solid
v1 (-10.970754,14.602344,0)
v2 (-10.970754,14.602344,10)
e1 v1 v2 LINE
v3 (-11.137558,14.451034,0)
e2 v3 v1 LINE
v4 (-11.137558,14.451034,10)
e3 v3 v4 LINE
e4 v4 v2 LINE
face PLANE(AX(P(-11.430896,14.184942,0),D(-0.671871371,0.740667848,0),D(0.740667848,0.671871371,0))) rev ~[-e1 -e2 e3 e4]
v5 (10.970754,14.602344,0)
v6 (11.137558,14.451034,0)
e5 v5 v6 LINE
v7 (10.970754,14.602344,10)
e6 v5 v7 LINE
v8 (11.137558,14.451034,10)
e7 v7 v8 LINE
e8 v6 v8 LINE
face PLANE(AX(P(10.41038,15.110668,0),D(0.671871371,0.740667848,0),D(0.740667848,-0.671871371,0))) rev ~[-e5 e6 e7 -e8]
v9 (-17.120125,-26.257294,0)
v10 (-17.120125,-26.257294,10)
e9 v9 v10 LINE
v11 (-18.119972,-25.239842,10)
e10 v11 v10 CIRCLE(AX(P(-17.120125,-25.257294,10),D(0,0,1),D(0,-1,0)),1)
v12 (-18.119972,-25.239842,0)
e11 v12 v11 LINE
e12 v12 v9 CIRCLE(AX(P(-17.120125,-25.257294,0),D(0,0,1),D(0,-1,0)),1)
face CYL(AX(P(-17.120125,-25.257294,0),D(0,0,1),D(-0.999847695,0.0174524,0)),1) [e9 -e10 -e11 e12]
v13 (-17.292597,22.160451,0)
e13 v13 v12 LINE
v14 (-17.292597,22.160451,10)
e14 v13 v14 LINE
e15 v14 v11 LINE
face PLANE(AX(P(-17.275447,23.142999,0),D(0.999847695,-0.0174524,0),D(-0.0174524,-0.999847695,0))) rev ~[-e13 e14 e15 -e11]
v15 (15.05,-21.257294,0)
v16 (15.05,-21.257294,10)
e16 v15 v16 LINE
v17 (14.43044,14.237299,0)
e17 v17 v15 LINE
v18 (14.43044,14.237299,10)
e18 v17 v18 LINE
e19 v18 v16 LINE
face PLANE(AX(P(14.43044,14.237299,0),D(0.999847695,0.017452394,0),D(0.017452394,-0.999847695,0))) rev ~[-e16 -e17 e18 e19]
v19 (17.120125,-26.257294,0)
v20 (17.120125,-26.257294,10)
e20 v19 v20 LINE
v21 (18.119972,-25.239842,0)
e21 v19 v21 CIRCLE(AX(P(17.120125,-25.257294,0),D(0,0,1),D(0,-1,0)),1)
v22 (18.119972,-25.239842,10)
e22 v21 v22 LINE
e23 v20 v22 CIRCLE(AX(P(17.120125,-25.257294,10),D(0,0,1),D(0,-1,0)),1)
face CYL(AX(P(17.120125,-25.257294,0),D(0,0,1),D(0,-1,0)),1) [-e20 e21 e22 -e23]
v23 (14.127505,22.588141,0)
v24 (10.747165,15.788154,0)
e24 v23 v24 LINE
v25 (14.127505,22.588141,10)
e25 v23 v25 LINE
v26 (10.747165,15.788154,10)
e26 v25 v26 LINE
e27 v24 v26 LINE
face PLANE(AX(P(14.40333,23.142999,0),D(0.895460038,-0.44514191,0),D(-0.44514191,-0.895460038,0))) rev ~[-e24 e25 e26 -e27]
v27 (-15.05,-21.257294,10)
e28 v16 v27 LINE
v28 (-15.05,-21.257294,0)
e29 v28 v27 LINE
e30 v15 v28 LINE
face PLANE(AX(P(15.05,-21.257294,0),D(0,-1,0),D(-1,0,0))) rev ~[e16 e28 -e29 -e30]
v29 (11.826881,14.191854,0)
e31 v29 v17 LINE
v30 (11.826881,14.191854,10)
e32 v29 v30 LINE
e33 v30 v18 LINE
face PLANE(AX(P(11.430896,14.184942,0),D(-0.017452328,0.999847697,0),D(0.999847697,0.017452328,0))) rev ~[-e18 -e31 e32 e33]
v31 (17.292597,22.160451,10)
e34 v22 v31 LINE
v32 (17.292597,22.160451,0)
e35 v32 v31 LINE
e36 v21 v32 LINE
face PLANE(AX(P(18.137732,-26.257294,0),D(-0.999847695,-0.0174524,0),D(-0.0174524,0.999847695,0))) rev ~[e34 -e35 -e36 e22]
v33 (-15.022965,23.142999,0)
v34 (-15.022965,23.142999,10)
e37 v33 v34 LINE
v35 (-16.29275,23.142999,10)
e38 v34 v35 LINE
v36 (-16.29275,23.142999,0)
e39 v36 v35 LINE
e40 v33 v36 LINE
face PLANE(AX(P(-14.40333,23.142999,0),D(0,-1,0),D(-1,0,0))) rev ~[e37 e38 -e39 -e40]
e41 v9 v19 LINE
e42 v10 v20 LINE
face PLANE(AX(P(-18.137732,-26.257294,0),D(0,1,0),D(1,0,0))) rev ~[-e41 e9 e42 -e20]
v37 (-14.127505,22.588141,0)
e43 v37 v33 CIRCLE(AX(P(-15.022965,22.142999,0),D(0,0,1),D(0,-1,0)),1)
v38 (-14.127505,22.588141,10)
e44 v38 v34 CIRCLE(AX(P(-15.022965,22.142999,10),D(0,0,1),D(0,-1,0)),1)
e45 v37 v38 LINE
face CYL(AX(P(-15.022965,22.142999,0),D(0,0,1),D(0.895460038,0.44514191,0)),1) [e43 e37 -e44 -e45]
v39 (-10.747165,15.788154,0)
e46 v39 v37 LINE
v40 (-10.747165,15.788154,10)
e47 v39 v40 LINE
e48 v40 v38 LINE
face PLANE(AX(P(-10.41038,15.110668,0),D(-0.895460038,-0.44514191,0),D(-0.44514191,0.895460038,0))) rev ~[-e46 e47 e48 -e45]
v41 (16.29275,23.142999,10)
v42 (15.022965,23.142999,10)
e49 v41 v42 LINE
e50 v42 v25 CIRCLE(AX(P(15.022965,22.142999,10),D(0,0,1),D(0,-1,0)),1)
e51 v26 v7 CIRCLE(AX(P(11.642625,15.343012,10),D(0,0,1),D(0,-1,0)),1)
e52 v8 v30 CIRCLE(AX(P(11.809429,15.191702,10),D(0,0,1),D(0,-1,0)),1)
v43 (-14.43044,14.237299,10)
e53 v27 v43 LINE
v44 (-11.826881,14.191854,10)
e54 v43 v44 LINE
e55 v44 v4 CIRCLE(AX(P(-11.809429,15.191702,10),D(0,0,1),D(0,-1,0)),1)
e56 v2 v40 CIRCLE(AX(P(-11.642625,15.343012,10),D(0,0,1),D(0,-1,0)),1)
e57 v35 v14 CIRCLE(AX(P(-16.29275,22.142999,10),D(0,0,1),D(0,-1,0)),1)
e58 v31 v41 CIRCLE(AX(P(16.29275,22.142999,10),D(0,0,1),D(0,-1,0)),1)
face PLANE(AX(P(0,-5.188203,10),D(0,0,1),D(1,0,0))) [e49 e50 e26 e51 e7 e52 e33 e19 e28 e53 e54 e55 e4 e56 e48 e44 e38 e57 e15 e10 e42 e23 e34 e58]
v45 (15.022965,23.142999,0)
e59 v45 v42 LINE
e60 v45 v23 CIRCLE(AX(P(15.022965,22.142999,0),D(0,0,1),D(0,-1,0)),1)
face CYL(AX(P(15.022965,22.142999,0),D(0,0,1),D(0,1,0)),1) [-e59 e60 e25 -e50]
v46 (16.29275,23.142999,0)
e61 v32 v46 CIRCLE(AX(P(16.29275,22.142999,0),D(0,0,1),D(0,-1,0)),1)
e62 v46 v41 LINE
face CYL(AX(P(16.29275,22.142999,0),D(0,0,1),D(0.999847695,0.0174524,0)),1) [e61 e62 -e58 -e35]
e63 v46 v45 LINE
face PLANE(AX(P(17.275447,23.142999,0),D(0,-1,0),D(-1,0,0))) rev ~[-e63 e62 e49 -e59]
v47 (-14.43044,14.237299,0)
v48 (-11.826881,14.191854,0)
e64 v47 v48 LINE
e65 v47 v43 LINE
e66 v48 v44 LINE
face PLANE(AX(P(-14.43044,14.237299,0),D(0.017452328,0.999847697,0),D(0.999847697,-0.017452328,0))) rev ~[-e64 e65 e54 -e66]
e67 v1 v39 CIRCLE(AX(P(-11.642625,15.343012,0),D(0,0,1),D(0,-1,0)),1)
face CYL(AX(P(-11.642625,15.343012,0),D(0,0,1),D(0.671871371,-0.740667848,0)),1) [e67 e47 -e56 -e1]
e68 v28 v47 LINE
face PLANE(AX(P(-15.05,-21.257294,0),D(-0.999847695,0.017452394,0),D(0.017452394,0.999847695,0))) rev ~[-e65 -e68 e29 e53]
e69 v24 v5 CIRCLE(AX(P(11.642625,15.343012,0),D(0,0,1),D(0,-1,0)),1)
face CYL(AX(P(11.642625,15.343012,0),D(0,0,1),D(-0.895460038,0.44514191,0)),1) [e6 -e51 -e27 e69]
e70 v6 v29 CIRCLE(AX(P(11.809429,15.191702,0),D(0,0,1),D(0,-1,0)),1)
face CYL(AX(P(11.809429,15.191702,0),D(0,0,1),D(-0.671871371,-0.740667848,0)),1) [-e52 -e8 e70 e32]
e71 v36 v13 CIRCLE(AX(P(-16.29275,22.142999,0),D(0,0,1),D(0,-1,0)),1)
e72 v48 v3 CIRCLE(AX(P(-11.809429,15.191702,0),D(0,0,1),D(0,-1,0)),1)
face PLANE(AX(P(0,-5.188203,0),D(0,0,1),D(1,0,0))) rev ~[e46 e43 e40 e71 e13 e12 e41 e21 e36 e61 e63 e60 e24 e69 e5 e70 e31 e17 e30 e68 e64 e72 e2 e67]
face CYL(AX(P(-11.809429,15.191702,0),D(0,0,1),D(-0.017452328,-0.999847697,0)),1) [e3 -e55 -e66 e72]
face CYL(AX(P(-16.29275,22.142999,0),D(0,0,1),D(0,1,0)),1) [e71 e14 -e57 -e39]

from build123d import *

# Parameters (mm, degrees)
F1_DEPTH = 10
F2_R     = 1


with BuildPart() as f1:
    # F0 (on Top) → F1 (new body)
    with BuildSketch(Plane.XY):
        Polygon((15.05, -21.257294), (-15.05, -21.257294), (-14.43044, 14.237299), (-11.430896, 14.184942), (-10.41038, 15.110668), (-14.40333, 23.142999), (-17.275447, 23.142999), (-18.137732, -26.257294), (18.137732, -26.257294), (17.275447, 23.142999), (14.40333, 23.142999), (10.41038, 15.110668), (11.430896, 14.184942), (14.43044, 14.237299), align=None)
    extrude(amount=F1_DEPTH)

    # F2
    f2_edges = [f1.edges().sort_by_distance(p)[0] for p in [
        (-10.41038, 15.110668, 5),
        (10.41038, 15.110668, 5),
        (-11.430896, 14.184942, 5),
        (11.430896, 14.184942, 5),
        (-17.275447, 23.142999, 5),
        (-14.40333, 23.142999, 5),
        (-18.137732, -26.257294, 5),
        (18.137732, -26.257294, 5),
        (17.275447, 23.142999, 5),
        (14.40333, 23.142999, 5),
    ]]
    fillet(f2_edges, radius=F2_R)


solid = f1.part
